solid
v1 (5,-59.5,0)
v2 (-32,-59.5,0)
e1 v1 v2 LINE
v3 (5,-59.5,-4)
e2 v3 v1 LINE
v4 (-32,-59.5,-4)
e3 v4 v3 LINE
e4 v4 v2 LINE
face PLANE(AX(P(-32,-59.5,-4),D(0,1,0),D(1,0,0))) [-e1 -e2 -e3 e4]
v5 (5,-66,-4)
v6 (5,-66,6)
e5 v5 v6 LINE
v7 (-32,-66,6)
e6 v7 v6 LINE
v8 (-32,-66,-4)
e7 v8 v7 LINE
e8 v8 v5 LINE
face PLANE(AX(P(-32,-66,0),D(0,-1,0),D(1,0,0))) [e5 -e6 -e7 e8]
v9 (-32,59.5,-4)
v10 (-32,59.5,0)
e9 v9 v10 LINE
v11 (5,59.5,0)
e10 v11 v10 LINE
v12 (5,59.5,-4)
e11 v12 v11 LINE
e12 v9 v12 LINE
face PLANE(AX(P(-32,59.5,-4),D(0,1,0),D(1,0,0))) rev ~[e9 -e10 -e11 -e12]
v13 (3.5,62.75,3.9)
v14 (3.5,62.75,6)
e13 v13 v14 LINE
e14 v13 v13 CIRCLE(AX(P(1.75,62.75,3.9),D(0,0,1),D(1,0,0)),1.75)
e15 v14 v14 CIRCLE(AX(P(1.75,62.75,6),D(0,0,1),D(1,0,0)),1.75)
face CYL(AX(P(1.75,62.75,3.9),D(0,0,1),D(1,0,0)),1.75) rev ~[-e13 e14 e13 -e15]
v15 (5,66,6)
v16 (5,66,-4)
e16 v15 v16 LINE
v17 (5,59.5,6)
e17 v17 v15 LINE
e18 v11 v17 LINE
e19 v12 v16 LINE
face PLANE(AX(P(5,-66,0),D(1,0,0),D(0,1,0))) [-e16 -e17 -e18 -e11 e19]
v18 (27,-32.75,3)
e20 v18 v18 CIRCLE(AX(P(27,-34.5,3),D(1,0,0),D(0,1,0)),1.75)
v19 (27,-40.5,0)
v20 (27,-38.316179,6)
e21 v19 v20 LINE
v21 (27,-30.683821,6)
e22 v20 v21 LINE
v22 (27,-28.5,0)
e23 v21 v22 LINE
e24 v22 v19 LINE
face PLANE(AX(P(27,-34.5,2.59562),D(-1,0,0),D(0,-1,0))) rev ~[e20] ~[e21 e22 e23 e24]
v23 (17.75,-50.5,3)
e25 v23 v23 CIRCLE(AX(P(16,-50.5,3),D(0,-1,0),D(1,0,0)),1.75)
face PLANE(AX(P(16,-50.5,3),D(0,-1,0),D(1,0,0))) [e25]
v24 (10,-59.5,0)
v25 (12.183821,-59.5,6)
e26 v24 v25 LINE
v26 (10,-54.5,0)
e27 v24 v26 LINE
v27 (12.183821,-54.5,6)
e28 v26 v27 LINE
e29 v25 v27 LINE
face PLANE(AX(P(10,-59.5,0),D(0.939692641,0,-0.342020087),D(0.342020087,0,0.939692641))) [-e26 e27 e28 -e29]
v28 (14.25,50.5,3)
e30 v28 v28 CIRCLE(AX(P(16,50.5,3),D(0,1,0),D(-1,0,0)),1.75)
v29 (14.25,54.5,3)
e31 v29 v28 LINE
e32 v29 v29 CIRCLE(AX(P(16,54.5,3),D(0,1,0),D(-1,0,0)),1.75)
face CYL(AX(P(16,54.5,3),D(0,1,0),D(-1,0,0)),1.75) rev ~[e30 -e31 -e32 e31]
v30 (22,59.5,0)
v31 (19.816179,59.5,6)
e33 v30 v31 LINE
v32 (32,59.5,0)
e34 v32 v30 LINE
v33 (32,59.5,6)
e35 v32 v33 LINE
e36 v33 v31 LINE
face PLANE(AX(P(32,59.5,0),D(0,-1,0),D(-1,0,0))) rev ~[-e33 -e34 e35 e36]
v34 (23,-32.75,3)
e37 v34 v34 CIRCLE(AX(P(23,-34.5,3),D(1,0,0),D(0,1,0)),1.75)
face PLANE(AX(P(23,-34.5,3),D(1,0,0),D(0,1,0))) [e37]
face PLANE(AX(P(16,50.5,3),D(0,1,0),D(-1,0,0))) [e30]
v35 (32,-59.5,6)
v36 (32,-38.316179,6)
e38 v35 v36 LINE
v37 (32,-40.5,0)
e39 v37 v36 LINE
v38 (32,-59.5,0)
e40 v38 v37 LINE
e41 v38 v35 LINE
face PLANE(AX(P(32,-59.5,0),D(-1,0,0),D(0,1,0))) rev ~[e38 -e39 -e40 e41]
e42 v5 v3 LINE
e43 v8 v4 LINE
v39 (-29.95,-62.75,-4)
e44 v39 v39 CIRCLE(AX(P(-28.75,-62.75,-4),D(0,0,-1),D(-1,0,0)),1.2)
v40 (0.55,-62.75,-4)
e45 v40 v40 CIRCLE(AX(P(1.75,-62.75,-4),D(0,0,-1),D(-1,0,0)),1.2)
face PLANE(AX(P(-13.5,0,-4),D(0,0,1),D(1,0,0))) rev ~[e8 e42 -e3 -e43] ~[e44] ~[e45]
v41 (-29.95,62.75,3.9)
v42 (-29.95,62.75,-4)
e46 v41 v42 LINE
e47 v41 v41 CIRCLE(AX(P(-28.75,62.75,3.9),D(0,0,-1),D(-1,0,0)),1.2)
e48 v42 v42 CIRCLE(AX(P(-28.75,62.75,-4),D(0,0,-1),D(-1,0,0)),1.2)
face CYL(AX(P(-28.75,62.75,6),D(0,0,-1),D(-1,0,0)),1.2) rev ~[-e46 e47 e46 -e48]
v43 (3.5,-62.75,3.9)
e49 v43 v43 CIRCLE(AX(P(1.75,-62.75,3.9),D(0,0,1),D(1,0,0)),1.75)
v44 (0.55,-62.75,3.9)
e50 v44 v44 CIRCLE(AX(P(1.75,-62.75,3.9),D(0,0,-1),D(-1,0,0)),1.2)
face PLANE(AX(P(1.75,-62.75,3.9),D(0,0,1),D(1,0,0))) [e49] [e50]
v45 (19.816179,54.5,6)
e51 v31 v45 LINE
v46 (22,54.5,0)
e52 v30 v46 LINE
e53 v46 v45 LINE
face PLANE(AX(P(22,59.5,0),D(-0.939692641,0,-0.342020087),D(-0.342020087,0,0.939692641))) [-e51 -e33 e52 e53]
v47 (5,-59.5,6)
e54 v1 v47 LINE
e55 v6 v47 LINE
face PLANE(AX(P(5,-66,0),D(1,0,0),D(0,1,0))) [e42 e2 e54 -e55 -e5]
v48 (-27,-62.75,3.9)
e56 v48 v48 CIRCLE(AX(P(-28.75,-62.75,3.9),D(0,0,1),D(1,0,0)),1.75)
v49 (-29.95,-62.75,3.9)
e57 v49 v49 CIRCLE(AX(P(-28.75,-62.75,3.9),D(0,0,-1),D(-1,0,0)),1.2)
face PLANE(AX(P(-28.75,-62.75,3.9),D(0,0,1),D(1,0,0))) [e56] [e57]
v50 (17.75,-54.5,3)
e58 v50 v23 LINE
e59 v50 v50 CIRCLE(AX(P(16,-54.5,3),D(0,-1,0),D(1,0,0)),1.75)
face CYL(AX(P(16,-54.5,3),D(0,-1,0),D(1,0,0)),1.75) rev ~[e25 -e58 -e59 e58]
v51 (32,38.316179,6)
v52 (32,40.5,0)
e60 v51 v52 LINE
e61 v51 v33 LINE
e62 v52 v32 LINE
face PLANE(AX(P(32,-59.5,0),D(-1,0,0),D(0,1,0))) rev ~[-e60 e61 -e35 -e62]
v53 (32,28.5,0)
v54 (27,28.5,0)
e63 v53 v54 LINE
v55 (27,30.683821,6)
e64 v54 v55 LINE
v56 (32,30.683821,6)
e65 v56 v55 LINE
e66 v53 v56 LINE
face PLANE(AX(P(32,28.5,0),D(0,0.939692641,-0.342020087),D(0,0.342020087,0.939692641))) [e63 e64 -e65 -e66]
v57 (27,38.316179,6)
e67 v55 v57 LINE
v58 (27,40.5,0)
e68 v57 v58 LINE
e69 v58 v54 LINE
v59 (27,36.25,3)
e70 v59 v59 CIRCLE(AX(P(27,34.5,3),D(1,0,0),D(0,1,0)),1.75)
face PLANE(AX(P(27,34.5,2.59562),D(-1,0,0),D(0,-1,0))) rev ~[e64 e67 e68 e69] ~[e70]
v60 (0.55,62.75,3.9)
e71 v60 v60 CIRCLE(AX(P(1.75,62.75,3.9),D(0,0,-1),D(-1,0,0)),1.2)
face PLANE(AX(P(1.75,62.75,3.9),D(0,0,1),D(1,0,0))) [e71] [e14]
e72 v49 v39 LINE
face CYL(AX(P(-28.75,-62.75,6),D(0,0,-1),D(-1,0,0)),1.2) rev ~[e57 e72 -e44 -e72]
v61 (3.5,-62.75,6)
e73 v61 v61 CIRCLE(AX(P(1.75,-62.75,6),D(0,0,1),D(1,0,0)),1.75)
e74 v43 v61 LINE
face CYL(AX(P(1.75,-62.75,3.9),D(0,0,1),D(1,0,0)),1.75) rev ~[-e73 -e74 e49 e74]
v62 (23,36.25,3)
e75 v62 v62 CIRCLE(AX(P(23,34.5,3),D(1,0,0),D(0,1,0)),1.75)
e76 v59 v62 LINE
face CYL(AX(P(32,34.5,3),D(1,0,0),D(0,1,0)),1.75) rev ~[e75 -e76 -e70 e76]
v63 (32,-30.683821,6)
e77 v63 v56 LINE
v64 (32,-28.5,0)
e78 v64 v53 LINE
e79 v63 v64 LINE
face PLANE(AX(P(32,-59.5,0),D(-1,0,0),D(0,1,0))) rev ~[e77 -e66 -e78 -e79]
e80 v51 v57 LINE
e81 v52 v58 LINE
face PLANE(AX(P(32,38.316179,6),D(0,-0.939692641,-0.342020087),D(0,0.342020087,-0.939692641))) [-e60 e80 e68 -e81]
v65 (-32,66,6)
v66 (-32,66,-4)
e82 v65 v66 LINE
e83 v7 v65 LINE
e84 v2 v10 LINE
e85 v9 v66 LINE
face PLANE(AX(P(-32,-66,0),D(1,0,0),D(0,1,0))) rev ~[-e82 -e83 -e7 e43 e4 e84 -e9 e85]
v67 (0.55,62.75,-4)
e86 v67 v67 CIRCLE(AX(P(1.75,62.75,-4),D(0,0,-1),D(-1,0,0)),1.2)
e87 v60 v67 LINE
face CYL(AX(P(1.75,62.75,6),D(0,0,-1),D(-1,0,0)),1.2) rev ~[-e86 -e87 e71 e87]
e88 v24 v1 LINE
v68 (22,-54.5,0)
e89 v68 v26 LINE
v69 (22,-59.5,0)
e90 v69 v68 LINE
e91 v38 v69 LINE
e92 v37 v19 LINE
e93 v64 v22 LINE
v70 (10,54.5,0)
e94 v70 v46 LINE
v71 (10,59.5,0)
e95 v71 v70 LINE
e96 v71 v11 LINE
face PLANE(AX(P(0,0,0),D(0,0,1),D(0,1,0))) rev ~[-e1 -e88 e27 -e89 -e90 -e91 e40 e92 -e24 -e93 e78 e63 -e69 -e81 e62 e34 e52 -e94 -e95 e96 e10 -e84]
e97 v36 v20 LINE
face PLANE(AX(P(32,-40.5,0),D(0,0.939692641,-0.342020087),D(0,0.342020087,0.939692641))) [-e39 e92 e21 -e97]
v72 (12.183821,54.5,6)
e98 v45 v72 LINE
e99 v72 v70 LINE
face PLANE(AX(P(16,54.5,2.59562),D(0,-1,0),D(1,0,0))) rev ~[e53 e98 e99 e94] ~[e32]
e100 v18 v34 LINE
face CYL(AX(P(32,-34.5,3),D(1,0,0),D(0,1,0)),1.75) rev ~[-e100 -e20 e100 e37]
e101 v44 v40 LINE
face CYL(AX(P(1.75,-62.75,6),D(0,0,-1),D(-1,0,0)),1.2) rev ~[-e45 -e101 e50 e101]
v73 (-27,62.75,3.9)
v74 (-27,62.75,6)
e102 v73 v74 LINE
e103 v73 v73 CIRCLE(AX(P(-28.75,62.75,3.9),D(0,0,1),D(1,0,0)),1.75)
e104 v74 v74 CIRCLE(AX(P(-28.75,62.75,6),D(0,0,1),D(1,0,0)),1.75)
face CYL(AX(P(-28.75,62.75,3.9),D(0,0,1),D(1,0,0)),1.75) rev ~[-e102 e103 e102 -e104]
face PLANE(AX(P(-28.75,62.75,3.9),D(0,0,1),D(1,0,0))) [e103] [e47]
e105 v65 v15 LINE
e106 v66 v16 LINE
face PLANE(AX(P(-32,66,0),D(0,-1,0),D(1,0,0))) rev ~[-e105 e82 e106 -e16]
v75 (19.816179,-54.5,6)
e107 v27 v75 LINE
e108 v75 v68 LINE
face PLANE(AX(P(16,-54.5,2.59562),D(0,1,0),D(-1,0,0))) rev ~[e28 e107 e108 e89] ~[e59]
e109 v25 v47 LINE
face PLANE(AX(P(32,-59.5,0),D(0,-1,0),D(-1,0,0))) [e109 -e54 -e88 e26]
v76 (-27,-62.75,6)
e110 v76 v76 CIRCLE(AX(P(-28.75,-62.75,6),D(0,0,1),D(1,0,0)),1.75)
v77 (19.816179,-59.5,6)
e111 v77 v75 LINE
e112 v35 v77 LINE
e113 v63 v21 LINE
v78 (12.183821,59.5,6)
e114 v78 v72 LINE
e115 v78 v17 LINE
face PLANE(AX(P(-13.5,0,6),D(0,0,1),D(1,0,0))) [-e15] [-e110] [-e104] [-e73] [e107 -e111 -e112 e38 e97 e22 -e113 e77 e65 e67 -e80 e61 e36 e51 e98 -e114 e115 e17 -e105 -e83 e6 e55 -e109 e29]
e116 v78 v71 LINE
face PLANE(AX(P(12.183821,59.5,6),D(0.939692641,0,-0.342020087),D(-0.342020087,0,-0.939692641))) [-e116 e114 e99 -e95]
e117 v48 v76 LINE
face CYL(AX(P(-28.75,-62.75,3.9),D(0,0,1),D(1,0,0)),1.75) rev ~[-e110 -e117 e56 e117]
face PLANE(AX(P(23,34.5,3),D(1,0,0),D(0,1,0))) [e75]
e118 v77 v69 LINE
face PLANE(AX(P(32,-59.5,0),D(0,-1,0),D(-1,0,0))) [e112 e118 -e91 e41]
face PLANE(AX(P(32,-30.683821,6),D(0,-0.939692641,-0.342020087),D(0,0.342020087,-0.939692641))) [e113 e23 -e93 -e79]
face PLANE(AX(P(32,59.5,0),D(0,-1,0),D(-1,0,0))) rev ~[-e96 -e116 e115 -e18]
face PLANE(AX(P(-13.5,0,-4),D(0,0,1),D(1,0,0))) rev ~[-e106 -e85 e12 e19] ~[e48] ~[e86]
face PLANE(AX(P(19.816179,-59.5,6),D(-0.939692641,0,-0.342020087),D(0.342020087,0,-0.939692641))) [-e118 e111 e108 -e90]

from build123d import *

# Parameters (mm, degrees)
SKETCH050_W      = 37
SKETCH050_H      = 132
PAD_DEPTH        = 6
PAD_DEPTH_BACK   = 4
SKETCH051_W      = 37
SKETCH051_H      = 119
POCKET006_DEPTH  = 4
HOLE_D           = 2.4
HOLE_DEPTH       = 25
HOLE_CBORE_D     = 3.5
HOLE_CBORE_DEPTH = 2.1
BINDER020_W      = 119
BINDER020_H      = 64
PAD012_DEPTH     = 6
SKETCH_R         = 1.75
POCKET_DEPTH     = 9
POCKET001_DEPTH  = 5
POCKET002_DEPTH  = 5
SKETCH046_R      = 1.75
POCKET003_DEPTH  = 4
POCKET004_DEPTH  = 5
SKETCH048_R      = 1.75
POCKET005_DEPTH  = 4


with BuildPart() as ch002:
    # Sketch050 (on Face1 of Binder) → Pad (new body, two sides)
    with BuildSketch(Plane.XY) as pad_sk:
        with Locations((-13.5, 0)):
            Rectangle(SKETCH050_W, SKETCH050_H)
    extrude(amount=PAD_DEPTH)
    extrude(pad_sk.sketch, amount=-PAD_DEPTH_BACK)

    # Sketch051 (on Face5 of Pad) → Pocket006 (cut)
    with BuildSketch(Plane(origin=(0, 0, -4), x_dir=(1, 0, 0), z_dir=(0, 0, -1))):
        with Locations((-13.5, 0)):
            Rectangle(SKETCH051_W, SKETCH051_H)
    extrude(amount=-POCKET006_DEPTH, mode=Mode.SUBTRACT)

    # Hole
    with Locations(Plane.XY.offset(6)):
        with Locations((-28.75, 62.75), (1.75, 62.75), (-28.75, -62.75), (1.75, -62.75)):
            CounterBoreHole(HOLE_D / 2, HOLE_CBORE_D / 2, HOLE_CBORE_DEPTH, depth=HOLE_DEPTH)


with BuildPart() as fusion:
    # Binder020 → Pad012 (new body)
    with BuildSketch(Plane(origin=(0, 0, 0), x_dir=(0, 1, 0), z_dir=(0, 0, 1))):
        Rectangle(BINDER020_W, BINDER020_H)
    extrude(amount=PAD012_DEPTH)

    # Sketch (on Face2 of Pad012) → Pocket (cut)
    with BuildSketch(Plane.YZ.offset(32)):
        with Locations((-34.5, 3)):
            Circle(SKETCH_R)
        with Locations((34.5, 3)):
            Circle(SKETCH_R)
    extrude(amount=-POCKET_DEPTH, mode=Mode.SUBTRACT)

    # Sketch044 (on Face3 of Pocket) → Pocket001 (cut)
    with BuildSketch(Plane.YZ.offset(32)):
        Polygon((-40.5, 0), (-38.316179, 6), (-30.683821, 6), (-28.5, 0), align=None)
        Polygon((30.683821, 6), (38.316179, 6), (40.5, 0), (28.5, 0), align=None)
    extrude(amount=-POCKET001_DEPTH, mode=Mode.SUBTRACT)

    # Sketch045 (on Face1 of Pocket001) → Pocket002 (cut)
    with BuildSketch(Plane.XZ.offset(59.5)):
        Polygon((10, 0), (12.183821, 6), (19.816179, 6), (22, 0), align=None)
    extrude(amount=-POCKET002_DEPTH, mode=Mode.SUBTRACT)

    # Sketch046 (on Face18 of Pocket002) → Pocket003 (cut)
    with BuildSketch(Plane.XZ.offset(54.5)):
        with Locations((16, 3)):
            Circle(SKETCH046_R)
    extrude(amount=-POCKET003_DEPTH, mode=Mode.SUBTRACT)

    # Sketch047 (on Face6 of Pocket003) → Pocket004 (cut)
    with BuildSketch(Plane(origin=(0, 59.5, 0), x_dir=(-1, 0, 0), z_dir=(0, 1, 0))):
        Polygon((-22, 0), (-19.816179, 6), (-12.183821, 6), (-10, 0), align=None)
    extrude(amount=-POCKET004_DEPTH, mode=Mode.SUBTRACT)

    # Sketch048 (on Face20 of Pocket004) → Pocket005 (cut)
    with BuildSketch(Plane(origin=(0, 54.5, 0), x_dir=(-1, 0, 0), z_dir=(0, 1, 0))):
        with Locations((-16, 3)):
            Circle(SKETCH048_R)
    extrude(amount=-POCKET005_DEPTH, mode=Mode.SUBTRACT)

    # Fusion: union CH002
    add(ch002.part)


solid = fusion.part
